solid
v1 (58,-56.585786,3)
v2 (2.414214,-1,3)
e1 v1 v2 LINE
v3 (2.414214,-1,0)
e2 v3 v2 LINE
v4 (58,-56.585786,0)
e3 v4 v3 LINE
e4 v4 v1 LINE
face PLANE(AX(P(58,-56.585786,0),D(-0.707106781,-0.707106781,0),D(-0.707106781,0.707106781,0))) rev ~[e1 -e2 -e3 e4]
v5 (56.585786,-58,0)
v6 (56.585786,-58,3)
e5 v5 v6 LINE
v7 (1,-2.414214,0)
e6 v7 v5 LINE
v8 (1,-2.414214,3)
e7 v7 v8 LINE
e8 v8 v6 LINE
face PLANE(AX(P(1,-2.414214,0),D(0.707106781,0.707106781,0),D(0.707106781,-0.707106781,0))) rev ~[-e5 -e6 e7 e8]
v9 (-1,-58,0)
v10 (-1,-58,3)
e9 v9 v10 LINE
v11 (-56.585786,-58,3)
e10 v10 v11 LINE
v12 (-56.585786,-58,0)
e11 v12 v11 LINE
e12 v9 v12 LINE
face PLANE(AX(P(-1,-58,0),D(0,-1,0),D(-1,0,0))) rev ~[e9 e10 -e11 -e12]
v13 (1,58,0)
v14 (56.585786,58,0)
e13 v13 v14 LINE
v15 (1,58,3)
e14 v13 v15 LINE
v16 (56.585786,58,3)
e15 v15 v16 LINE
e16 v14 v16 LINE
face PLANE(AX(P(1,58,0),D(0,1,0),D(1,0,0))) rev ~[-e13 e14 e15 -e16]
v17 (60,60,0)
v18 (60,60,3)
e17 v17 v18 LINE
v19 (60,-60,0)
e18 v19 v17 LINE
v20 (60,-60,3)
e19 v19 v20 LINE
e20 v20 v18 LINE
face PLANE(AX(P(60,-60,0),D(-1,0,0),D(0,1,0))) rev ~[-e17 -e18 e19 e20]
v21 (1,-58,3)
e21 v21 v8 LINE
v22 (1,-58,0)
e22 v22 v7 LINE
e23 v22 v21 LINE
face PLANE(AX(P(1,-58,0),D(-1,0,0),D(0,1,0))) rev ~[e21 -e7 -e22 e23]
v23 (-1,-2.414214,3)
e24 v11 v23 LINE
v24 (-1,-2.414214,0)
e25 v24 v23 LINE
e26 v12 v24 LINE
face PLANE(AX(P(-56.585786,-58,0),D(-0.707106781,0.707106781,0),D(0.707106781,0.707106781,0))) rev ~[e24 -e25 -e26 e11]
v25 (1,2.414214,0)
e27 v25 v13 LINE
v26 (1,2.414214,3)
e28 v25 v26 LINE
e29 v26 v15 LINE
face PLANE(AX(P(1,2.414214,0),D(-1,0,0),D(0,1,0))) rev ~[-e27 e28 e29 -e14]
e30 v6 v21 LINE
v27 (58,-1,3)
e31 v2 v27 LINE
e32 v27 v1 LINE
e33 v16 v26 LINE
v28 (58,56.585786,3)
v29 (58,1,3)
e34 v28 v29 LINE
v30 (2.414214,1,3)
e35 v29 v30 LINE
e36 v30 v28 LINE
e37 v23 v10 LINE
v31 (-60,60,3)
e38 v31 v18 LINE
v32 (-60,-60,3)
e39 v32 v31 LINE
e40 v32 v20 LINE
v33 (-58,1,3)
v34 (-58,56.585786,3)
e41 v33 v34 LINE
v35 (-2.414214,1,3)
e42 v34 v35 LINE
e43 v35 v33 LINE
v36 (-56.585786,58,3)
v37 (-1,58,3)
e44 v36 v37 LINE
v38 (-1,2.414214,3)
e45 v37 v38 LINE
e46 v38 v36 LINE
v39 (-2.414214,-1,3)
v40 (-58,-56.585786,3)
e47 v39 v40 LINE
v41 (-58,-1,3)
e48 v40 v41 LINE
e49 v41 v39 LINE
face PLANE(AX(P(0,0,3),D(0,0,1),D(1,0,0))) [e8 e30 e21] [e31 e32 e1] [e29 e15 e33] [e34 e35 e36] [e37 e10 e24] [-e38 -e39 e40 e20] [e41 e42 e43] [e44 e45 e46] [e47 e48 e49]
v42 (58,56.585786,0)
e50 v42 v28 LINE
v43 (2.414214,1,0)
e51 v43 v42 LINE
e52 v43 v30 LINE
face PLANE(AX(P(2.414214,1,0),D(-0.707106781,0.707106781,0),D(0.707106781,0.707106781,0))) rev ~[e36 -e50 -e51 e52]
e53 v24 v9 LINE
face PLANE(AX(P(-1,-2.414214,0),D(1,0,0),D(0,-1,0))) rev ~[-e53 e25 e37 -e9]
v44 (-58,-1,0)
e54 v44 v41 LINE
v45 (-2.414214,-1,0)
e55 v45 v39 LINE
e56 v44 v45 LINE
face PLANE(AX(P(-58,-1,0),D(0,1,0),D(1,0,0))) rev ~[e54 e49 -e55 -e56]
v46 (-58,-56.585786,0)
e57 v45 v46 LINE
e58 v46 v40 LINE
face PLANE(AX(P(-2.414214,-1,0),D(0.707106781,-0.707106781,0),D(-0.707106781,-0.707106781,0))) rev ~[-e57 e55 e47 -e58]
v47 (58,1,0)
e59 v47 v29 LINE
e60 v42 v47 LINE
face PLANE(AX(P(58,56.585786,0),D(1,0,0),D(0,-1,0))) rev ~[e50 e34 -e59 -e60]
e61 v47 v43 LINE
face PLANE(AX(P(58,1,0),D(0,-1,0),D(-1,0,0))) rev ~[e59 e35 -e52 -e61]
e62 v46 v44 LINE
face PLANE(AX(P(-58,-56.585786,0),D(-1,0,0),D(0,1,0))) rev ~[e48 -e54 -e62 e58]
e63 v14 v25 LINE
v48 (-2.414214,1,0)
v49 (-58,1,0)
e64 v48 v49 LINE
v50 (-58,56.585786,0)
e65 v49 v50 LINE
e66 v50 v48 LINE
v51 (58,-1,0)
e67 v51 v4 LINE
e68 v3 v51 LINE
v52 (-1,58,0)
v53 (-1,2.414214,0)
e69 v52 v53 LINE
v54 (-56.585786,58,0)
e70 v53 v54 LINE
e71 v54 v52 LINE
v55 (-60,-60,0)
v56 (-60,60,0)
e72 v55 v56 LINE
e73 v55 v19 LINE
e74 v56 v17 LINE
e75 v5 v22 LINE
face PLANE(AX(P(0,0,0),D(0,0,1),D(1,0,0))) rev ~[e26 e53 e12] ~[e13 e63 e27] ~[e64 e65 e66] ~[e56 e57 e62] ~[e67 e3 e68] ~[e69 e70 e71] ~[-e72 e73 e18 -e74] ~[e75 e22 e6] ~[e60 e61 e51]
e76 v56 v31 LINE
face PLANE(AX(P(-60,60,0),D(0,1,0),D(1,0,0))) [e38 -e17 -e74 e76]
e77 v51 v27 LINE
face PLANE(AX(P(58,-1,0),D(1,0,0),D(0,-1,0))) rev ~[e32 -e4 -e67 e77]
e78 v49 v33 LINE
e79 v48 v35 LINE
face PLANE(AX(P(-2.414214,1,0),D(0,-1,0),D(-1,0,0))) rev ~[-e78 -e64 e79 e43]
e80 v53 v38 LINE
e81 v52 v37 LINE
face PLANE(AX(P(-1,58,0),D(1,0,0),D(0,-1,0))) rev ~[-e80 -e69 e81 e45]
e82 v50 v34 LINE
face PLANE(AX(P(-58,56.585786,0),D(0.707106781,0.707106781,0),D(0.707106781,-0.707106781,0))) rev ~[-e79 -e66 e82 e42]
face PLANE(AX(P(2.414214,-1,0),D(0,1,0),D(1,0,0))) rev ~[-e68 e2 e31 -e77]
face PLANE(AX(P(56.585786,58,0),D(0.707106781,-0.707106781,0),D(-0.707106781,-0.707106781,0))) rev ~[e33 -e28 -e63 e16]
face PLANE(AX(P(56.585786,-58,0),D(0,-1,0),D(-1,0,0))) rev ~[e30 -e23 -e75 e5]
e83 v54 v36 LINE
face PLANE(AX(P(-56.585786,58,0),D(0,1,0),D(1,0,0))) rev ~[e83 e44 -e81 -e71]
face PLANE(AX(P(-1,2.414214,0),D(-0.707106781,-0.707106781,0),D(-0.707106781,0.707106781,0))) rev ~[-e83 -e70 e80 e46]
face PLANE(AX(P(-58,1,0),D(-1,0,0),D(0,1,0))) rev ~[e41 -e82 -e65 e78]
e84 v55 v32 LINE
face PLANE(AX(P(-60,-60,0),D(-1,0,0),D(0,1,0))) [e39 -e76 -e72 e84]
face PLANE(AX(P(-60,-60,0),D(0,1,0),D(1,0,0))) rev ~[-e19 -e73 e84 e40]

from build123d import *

# Parameters (mm, degrees)
F0_W     = 120
F0_H     = 120
F1_DEPTH = 3


with BuildPart() as f1:
    # F0 (on Top) → F1 (new body)
    with BuildSketch(Plane.XY):
        Rectangle(F0_W, F0_H)
        Polygon((-1, -58), (-56.585786, -58), (-1, -2.414214), align=None, mode=Mode.SUBTRACT)
        Polygon((-58, -56.585786), (-58, -1), (-2.414214, -1), align=None, mode=Mode.SUBTRACT)
        Polygon((1, -58), (1, -2.414214), (56.585786, -58), align=None, mode=Mode.SUBTRACT)
        Polygon((58, -56.585786), (2.414214, -1), (58, -1), align=None, mode=Mode.SUBTRACT)
        Polygon((-58, 1), (-58, 56.585786), (-2.414214, 1), align=None, mode=Mode.SUBTRACT)
        Polygon((-1, 2.414214), (-56.585786, 58), (-1, 58), align=None, mode=Mode.SUBTRACT)
        Polygon((58, 1), (2.414214, 1), (58, 56.585786), align=None, mode=Mode.SUBTRACT)
        Polygon((1, 2.414214), (1, 58), (56.585786, 58), align=None, mode=Mode.SUBTRACT)
    extrude(amount=F1_DEPTH)


solid = f1.part
